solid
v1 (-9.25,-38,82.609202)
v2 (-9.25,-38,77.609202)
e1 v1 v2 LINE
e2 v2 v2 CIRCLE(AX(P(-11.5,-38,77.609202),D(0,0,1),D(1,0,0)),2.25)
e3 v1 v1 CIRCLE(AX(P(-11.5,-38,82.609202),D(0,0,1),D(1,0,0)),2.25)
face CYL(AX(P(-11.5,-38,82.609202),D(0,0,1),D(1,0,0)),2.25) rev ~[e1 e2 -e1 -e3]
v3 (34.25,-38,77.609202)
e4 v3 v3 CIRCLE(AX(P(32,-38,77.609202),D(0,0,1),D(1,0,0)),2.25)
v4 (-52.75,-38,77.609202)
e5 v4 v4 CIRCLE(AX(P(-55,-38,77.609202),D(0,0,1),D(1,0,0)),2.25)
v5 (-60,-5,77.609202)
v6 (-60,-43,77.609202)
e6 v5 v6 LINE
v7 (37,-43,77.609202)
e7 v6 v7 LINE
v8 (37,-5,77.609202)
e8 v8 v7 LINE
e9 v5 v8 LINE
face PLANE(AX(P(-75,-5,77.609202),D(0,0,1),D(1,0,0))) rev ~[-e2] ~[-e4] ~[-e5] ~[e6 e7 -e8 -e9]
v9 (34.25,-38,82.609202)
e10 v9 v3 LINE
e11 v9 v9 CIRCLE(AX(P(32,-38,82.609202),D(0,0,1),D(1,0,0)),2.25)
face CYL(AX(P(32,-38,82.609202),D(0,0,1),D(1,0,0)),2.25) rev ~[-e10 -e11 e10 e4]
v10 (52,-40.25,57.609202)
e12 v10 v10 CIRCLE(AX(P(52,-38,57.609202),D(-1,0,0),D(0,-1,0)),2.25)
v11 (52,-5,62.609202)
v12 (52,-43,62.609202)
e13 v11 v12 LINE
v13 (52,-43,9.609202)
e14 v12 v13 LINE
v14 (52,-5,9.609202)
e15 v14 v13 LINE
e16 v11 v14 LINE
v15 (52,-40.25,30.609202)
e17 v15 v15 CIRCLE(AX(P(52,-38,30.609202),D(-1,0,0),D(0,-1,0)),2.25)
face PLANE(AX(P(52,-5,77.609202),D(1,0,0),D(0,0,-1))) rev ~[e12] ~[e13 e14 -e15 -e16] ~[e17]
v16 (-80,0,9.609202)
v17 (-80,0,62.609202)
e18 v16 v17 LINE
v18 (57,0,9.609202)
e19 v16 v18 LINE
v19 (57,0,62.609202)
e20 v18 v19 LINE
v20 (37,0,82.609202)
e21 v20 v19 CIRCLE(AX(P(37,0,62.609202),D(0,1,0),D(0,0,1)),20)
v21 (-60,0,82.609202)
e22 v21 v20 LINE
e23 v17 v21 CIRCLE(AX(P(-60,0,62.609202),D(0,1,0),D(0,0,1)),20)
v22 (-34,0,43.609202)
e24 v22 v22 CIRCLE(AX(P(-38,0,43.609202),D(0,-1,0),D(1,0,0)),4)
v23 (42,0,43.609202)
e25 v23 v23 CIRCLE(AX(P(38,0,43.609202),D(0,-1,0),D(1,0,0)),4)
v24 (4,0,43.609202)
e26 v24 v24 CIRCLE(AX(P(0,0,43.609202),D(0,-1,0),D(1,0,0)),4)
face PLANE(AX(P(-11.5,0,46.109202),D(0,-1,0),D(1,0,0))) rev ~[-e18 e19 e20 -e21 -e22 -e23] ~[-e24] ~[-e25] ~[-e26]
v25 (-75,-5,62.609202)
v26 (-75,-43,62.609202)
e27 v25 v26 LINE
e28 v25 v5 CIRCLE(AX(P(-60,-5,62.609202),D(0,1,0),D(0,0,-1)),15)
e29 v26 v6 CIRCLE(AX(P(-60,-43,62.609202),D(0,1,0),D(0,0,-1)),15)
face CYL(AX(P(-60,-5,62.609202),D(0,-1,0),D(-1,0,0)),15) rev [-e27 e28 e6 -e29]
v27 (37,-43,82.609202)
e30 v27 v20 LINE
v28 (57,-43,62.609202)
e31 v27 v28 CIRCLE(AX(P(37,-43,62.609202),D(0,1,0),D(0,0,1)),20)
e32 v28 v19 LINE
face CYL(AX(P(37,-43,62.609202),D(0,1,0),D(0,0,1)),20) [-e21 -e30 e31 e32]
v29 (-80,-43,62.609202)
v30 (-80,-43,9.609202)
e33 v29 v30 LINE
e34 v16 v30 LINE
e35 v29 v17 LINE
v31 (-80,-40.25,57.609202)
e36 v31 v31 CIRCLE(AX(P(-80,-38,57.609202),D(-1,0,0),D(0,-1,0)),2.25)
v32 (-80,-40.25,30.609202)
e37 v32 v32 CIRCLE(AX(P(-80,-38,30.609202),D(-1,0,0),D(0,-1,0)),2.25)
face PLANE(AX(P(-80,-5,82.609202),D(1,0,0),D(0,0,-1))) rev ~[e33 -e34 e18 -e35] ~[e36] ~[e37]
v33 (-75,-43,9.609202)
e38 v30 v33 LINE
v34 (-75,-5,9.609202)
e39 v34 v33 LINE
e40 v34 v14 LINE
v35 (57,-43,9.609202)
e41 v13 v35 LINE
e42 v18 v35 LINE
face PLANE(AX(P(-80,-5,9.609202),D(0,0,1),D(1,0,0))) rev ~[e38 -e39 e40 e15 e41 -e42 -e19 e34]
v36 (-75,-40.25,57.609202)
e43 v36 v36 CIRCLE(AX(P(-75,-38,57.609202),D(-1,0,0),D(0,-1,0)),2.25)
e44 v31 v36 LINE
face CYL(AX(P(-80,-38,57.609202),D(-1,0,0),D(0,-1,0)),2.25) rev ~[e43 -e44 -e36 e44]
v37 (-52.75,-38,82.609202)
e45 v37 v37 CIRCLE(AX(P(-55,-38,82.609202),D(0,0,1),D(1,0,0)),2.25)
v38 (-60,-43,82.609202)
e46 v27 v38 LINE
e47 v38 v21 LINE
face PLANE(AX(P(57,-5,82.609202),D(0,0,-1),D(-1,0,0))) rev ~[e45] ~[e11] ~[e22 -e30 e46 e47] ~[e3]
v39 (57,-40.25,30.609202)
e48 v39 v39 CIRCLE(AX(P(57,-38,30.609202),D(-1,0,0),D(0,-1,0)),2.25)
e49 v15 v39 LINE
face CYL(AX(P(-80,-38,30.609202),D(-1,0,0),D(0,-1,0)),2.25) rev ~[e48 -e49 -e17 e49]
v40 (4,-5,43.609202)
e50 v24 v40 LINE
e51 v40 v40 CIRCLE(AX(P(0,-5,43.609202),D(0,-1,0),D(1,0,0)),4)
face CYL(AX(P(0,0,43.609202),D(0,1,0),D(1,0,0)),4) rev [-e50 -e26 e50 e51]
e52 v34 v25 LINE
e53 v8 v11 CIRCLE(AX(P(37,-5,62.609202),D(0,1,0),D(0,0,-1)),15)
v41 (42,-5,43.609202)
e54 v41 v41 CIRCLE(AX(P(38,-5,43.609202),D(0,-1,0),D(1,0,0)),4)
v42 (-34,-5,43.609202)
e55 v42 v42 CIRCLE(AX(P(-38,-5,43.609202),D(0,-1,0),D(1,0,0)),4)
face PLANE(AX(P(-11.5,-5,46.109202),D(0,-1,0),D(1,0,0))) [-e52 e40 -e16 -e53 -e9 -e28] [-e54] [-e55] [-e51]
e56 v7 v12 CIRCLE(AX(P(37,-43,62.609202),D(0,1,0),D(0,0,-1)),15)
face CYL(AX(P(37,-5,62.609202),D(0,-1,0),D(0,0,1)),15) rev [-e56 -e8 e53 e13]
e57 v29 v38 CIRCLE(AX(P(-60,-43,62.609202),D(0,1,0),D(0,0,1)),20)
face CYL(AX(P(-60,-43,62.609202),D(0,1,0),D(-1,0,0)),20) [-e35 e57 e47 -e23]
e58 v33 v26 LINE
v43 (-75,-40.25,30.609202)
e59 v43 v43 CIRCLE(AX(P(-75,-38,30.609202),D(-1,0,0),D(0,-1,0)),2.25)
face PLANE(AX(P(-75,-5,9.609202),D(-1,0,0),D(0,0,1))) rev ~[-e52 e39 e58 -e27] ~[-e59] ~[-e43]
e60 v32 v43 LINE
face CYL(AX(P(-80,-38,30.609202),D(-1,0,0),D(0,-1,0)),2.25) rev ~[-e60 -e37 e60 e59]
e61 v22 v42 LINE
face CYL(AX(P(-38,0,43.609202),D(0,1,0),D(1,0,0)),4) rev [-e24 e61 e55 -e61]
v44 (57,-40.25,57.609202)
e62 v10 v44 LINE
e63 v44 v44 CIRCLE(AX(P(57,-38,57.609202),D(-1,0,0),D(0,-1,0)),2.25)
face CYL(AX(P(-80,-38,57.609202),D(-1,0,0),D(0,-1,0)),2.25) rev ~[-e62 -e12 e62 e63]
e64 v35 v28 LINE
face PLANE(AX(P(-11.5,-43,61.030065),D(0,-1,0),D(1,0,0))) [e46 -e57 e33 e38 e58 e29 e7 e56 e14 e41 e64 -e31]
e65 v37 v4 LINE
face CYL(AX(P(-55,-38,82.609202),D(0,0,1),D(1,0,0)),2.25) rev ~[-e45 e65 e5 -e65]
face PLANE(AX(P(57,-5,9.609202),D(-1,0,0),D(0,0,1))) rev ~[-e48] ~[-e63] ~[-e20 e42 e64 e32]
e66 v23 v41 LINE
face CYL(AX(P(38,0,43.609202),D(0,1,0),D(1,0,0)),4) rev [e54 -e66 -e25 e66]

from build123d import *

# Parameters (mm, degrees)
F0_W     = 137
F0_H     = 73
F0_R     = 4
F1_DEPTH = 5
F3_DEPTH = 38
F5_R     = 2.25
F6_DEPTH = 137.001
F7_R     = 2.25
F8_DEPTH = 5
F9_R     = 15
F10_R    = 20


with BuildPart() as f1:
    # F0 (on Front) → F1 (new body)
    with BuildSketch(Plane.XZ):
        with Locations((-11.5, 46.109202)):
            Rectangle(F0_W, F0_H)
        with Locations((-38, 43.609202)):
            Circle(F0_R, mode=Mode.SUBTRACT)
        with Locations((0, 43.609202)):
            Circle(F0_R, mode=Mode.SUBTRACT)
        with Locations((38, 43.609202)):
            Circle(F0_R, mode=Mode.SUBTRACT)
    extrude(amount=F1_DEPTH)

    # F2 (on face) → F3 (join)
    with BuildSketch(Plane.XZ.offset(5)):
        Polygon((-80, 82.609202), (-80, 9.609202), (-75, 9.609202), (-75, 34.583051), (-75, 77.609202), (52, 77.609202), (52, 9.609202), (57, 9.609202), (57, 82.609202), align=None)
    extrude(amount=F3_DEPTH)

    # F5 (on face) → F6 (cut, through all)
    with BuildSketch(Plane(origin=(-80, 0, 0), x_dir=(0, -1, 0), z_dir=(-1, 0, 0))):
        with Locations((38, 57.609202)):
            Circle(F5_R)
        with Locations((38, 30.609202)):
            Circle(F5_R)
    extrude(amount=-F6_DEPTH, mode=Mode.SUBTRACT)

    # F7 (on face) → F8 (cut, through all)
    with BuildSketch(Plane.XY.offset(82.609202)):
        with Locations((-55, -38)):
            Circle(F7_R)
        with Locations((-11.5, -38)):
            Circle(F7_R)
        with Locations((32, -38)):
            Circle(F7_R)
    extrude(amount=-F8_DEPTH, mode=Mode.SUBTRACT)

    # F9
    f9_edges = [f1.edges().sort_by_distance(p)[0] for p in [
        (-75, -24, 77.609202),
        (52, -24, 77.609202),
    ]]
    fillet(f9_edges, radius=F9_R)

    # F10
    f10_edges = [f1.edges().sort_by_distance(p)[0] for p in [
        (-80, -21.5, 82.609202),
        (57, -21.5, 82.609202),
    ]]
    fillet(f10_edges, radius=F10_R)


solid = f1.part
